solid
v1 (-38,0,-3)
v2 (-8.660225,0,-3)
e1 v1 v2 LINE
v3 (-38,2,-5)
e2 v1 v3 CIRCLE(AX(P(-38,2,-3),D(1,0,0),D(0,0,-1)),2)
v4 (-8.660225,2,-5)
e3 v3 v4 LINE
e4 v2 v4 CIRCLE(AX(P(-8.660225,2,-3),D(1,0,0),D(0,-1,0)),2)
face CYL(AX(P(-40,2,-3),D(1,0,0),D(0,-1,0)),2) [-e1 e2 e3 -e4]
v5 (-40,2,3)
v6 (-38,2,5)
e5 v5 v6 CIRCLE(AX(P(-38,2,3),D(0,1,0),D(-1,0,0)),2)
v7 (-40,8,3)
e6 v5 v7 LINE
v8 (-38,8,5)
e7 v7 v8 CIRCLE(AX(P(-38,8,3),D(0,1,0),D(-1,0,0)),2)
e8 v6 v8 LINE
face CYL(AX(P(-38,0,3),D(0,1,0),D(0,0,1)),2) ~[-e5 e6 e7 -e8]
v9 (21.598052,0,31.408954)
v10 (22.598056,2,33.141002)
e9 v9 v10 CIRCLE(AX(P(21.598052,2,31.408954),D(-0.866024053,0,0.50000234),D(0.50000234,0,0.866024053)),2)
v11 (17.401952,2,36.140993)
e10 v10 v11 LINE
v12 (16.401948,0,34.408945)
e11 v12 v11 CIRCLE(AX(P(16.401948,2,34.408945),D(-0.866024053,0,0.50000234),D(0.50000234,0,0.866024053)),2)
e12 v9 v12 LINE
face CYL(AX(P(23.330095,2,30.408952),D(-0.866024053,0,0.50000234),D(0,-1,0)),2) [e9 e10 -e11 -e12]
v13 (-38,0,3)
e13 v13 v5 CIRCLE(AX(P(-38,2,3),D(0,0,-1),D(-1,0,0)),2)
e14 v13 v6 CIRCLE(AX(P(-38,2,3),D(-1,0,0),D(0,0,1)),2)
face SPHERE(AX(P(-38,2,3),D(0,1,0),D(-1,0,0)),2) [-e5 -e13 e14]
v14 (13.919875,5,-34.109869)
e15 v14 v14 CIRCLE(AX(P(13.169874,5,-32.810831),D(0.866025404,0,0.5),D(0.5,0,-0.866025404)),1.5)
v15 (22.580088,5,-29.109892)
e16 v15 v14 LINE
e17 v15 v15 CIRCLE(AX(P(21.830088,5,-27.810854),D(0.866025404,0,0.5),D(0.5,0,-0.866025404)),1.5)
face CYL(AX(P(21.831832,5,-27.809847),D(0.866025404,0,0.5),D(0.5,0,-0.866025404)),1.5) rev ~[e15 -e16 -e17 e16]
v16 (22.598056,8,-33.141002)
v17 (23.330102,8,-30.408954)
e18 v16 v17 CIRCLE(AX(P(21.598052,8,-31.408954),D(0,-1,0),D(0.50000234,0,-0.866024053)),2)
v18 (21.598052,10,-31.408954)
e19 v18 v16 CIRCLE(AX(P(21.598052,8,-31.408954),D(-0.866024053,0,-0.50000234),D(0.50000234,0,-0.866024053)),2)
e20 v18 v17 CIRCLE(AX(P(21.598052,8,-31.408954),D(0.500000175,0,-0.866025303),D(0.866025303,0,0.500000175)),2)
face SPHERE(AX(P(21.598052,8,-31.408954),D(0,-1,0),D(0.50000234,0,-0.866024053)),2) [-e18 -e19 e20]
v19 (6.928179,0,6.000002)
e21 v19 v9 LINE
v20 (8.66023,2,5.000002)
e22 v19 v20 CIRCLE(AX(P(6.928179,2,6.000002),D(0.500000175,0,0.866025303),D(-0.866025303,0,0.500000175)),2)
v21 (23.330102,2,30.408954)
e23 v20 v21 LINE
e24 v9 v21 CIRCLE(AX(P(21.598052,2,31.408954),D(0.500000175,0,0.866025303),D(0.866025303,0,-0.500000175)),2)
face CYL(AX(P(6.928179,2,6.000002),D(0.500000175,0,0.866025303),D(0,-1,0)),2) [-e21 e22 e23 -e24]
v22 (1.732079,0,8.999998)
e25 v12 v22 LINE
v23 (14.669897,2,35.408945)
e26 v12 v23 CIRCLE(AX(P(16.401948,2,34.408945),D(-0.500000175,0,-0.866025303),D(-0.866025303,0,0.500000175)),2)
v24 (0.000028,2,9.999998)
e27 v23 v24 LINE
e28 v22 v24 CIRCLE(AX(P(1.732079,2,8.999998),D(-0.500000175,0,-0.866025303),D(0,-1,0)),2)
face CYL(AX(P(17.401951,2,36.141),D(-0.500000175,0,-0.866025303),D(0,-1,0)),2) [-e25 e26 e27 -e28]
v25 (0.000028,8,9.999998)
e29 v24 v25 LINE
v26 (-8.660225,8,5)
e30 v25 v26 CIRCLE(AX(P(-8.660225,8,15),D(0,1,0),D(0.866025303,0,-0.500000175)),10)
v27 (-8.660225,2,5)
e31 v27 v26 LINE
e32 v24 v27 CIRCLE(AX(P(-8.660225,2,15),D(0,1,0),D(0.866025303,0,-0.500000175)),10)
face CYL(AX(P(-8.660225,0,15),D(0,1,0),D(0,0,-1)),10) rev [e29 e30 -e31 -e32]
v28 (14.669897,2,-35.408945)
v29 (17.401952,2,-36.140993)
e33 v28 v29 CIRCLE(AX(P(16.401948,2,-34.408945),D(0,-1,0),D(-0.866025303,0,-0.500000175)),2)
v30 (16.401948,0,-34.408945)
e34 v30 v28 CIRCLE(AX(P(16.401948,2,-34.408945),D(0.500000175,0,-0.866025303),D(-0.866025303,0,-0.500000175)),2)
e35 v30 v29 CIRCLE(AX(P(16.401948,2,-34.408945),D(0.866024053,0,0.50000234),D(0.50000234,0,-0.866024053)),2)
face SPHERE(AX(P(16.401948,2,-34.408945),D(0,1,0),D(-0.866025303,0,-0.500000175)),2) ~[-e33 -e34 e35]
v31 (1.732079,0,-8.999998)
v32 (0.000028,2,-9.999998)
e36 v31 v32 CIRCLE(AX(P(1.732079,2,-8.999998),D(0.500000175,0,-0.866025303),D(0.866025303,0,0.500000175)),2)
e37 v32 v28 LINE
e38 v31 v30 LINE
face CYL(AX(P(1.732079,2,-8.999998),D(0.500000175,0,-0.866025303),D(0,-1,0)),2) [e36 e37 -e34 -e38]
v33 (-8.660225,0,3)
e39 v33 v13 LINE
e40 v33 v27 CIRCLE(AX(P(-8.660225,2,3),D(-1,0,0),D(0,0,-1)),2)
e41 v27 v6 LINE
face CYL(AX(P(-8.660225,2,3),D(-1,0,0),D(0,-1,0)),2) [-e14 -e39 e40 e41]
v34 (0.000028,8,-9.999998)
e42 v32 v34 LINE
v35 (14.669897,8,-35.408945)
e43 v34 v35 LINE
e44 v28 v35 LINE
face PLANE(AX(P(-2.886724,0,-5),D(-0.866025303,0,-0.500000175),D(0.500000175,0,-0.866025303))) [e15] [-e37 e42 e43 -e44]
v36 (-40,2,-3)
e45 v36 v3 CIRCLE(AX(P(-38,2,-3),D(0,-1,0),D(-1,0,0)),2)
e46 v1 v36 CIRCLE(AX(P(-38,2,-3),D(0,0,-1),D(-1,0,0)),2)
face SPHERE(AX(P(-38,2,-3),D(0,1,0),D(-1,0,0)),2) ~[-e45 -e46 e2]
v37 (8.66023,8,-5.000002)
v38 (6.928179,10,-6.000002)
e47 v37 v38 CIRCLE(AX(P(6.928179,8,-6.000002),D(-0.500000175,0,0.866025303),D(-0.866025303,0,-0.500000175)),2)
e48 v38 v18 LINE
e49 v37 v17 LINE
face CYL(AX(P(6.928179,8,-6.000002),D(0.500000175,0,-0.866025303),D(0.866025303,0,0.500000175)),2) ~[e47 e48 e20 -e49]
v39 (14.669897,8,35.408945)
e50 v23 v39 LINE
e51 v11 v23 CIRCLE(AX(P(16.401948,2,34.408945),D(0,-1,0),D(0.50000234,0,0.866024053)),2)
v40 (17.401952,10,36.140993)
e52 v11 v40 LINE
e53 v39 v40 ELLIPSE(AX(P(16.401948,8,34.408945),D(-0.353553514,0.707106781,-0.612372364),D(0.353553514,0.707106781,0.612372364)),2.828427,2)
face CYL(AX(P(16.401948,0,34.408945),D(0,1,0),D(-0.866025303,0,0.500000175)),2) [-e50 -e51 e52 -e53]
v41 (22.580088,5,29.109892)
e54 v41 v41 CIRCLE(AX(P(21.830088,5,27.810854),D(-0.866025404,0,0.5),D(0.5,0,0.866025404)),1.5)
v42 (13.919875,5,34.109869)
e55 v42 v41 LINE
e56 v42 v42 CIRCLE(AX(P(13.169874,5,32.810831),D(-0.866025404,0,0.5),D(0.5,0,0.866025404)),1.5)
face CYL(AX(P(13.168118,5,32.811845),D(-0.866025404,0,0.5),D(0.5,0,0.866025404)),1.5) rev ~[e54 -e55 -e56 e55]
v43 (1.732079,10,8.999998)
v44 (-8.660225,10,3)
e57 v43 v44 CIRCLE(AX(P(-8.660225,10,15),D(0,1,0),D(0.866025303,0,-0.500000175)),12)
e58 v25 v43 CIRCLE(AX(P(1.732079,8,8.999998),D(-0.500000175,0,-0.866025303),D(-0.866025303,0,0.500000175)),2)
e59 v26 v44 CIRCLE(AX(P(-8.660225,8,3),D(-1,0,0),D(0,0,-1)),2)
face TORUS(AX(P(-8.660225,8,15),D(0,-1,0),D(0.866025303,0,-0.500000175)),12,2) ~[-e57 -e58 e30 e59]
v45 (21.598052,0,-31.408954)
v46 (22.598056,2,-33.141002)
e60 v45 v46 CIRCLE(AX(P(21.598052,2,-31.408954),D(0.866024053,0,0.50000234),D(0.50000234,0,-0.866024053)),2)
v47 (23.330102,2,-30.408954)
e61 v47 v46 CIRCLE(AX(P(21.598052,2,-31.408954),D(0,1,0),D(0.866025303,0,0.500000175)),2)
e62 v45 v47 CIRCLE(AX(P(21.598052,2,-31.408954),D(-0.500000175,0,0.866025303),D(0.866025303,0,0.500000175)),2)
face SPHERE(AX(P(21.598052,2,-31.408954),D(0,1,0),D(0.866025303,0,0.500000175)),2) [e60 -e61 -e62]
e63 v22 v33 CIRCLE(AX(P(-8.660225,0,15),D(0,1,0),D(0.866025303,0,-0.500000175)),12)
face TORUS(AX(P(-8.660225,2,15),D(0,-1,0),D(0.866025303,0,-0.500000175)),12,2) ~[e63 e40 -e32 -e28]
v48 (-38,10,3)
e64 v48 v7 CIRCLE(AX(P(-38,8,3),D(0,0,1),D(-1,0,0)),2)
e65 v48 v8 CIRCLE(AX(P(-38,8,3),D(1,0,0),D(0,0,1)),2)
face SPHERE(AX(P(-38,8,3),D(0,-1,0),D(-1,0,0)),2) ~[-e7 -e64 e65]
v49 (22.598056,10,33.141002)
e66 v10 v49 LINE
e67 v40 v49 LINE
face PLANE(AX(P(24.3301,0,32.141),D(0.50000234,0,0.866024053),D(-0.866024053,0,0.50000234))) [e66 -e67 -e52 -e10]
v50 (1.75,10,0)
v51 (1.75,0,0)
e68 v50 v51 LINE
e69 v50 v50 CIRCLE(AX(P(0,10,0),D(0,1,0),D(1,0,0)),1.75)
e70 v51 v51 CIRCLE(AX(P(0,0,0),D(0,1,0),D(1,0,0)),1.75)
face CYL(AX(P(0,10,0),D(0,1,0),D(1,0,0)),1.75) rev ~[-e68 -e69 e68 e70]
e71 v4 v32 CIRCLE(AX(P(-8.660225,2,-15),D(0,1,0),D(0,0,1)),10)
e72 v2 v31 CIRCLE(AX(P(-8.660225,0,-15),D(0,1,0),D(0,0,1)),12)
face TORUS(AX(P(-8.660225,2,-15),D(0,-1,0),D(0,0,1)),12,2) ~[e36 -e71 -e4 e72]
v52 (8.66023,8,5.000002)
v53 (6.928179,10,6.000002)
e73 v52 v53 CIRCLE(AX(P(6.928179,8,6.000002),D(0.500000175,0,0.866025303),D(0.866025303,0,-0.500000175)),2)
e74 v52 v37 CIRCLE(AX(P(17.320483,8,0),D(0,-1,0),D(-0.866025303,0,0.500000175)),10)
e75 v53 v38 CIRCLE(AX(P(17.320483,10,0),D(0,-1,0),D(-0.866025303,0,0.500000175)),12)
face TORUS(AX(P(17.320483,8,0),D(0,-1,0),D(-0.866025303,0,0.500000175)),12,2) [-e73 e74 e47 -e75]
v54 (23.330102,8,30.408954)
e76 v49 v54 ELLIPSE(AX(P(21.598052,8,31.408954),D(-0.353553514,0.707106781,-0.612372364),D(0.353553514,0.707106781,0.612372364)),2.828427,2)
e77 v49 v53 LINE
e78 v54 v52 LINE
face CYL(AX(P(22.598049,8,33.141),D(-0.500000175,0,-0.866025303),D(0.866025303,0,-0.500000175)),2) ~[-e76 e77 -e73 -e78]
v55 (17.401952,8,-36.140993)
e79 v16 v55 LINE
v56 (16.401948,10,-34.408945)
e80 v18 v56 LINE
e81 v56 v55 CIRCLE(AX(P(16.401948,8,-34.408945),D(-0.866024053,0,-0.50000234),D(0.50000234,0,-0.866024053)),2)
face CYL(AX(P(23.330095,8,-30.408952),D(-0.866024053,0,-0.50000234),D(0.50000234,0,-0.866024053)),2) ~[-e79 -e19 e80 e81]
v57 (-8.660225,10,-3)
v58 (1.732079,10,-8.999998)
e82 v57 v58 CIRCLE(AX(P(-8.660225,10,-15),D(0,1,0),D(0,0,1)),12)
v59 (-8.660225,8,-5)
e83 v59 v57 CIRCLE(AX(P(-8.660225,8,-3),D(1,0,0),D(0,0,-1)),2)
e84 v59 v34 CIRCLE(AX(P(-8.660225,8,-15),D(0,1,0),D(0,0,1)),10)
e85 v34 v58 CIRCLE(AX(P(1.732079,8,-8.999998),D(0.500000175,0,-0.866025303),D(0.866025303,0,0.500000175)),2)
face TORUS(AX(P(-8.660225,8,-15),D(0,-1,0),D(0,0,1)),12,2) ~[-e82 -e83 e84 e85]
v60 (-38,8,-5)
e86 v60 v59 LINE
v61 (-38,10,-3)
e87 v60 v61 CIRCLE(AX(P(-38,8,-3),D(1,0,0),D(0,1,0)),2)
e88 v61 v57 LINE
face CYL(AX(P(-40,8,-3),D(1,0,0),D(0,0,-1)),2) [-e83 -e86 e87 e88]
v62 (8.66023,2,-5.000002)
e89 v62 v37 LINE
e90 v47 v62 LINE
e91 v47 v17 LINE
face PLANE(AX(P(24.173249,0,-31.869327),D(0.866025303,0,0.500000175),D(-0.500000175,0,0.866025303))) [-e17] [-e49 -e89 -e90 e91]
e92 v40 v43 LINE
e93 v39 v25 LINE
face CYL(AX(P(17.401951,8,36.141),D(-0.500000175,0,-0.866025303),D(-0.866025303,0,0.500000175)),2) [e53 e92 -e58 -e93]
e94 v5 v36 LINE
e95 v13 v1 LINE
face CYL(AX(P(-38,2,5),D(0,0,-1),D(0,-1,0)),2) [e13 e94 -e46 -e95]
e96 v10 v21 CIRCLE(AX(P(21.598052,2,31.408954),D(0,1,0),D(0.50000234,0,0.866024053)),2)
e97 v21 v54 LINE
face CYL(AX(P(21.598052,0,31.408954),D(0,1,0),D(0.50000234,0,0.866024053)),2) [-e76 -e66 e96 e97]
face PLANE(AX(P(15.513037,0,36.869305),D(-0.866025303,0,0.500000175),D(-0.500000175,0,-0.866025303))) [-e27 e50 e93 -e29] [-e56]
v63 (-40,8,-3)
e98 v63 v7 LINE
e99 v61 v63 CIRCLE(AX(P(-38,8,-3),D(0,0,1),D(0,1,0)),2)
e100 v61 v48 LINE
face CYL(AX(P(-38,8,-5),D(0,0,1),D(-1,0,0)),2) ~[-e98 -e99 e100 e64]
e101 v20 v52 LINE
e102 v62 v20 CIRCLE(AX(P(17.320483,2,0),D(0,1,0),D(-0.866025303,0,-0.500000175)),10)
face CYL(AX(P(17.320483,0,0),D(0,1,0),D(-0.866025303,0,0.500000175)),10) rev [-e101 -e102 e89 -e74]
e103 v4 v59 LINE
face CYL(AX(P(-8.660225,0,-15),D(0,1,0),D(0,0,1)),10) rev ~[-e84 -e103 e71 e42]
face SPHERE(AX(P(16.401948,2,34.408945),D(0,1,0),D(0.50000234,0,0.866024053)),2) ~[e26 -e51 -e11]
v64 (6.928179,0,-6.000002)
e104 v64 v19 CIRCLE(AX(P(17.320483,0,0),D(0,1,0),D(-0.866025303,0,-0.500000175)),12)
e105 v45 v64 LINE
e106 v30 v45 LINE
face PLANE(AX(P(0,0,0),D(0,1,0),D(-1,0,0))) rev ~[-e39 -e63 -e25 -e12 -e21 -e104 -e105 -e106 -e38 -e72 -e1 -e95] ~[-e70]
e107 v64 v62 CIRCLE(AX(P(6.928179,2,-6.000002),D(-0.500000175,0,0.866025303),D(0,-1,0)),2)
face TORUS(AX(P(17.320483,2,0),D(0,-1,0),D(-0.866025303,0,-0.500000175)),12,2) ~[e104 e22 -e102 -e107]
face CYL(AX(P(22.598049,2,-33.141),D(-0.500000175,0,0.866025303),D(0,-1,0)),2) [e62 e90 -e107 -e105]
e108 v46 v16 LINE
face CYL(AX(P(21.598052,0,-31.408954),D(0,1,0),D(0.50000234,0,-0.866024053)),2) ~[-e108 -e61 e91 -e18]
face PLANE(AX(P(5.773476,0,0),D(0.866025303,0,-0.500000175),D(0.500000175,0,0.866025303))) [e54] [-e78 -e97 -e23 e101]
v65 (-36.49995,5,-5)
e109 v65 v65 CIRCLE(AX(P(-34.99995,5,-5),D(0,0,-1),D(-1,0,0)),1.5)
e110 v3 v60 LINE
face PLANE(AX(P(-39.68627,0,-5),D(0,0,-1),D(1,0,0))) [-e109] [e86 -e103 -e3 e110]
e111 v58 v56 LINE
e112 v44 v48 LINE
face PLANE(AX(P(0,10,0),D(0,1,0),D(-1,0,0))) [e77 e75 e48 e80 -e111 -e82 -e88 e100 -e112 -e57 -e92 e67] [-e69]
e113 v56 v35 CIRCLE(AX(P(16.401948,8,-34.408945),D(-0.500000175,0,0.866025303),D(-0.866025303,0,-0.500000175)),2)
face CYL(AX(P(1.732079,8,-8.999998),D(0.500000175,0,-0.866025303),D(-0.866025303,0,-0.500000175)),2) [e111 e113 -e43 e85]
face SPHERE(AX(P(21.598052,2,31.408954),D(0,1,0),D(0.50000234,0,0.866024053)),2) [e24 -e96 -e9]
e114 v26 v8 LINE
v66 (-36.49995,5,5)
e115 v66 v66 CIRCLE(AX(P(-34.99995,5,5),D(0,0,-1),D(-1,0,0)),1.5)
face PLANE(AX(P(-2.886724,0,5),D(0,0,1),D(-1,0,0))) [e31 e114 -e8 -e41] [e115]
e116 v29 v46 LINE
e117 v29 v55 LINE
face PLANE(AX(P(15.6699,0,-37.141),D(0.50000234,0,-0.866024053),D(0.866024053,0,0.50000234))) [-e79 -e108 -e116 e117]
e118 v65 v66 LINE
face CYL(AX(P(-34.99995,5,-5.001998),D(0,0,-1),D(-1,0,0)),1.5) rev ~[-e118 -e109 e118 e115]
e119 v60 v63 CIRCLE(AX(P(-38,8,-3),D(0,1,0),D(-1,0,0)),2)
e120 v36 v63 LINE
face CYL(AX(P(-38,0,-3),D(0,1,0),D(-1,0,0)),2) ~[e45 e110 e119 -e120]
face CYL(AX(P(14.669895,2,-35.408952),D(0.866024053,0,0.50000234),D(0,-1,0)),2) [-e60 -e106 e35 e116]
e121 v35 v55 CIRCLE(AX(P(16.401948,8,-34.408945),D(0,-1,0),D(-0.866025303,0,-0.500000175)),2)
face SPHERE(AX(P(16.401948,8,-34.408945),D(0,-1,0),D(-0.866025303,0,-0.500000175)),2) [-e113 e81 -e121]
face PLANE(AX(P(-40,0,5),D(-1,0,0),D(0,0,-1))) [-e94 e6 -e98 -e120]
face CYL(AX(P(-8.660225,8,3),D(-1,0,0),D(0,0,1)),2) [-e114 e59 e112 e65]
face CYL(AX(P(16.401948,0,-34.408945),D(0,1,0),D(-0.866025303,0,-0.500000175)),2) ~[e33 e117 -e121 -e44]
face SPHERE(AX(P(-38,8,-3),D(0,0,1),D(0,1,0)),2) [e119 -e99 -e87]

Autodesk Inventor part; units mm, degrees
ref_plane "YZ Plane" through (0, 0, 0) normal (1, 0, 0) x (0, 1, 0)
ref_plane "XZ Plane" through (0, 0, 0) normal (0, 1, 0) x (-1, 0, 0)
ref_plane "XY Plane" through (0, 0, 0) normal (0, 0, 1) x (1, 0, 0)
sketch "Sketch5" plane through (0, 0, 0) normal (0, 1, 0) x (-1, 0, 0)
  circle A0 centre (0, 0) radius 1.75
  circle A1 centre (0, 0) radius 40
  line L0 (0, 0) -> (40, 0)
  line L1 (40, 0) -> (45, 0)
  line L2 (40, 0) -> (40, -5)
  line L3 (40, 0) -> (45, 0) construction
  line L4 (40, -5) -> (0, -5)
  line L5 (0, -5) -> (0, 5)
  line L6 (0, 5) -> (40, 5)
  line L7 (40, 5) -> (40, -5)
  line L8 (-15.6699, 37.141) -> (4.3301, 2.5)
  line L9 (-4.3301, -2.5) -> (-24.3301, 32.141)
  line L10 (4.3301, 2.5) -> (-4.3301, -2.5)
  line L11 (-20, 34.641) -> (-15.6699, 37.141)
  line L12 (-24.3301, 32.141) -> (-15.6699, 37.141)
  line L13 (-24.3301, -32.141) -> (-4.3301, 2.5)
  line L14 (4.3301, -2.5) -> (-15.6699, -37.141)
  line L15 (-4.3301, 2.5) -> (4.3301, -2.5)
  line L16 (-20, -34.641) -> (-24.3301, -32.141)
  line L17 (-15.6699, -37.141) -> (-24.3301, -32.141)
  dimension "d78" = 80
  dimension "d54" = 3.5
  dimension "d82" = 5
  dimension "d83" = 5
  dimension "d84" = 90
  dimension "d85" = 40
  dimension "d86" = 10
  dimension "d89" = 360
extrude "Extrusion7" add sketch "Sketch5" along normal blind 10 contours L0 L10 A0 | L0 A1 L4 L14 L15 A0 | A0 L15 L0 | A0 L10 L8 L6 A1 L0 | L10 L5 A0 | A0 L5 L6 L8 L10 | L15 L14 L4 L5 A0 | A0 L5 L15 | L15 A0 L5 | L5 A0 L10 | L10 A0 L15 | L2 L4 A1 | A1 L6 L7 | A0 L15 L13 L9 A1 L8 L6 L5 | L5 L4 L14 A1 L13 L9 L10 A0 | L10 L9 L13 L15 A0 | A1 L11 L8 | L14 L17 A1 | A1 L9 L12 | L16 L13 A1
sketch "Sketch7" plane through (5.7735, 0, 0) normal (0.866, 0, 0.5) x (0.5, 0, -0.866)
  line L0 (37.1132, 0) -> (37.1132, 10) projected
  line L1 (37.1132, 10) -> (37.1132, 5)
  line L2 (37.1132, 5) -> (32.1132, 5)
  circle A0 centre (32.1132, 5) radius 1.5
  point P0 (-2.8868, 0)
  dimension "d93" = 5
  dimension "d94" = 5
  dimension "d95" = 3
extrude "Extrusion8" cut sketch "Sketch7" against normal blind 20
sketch "Sketch8" plane through (0, 10, 0) normal (0, 1, 0) x (1, 0, 0)
  circle A0 centre (0, 0) radius 1.75
  dimension "d98" = 3.5
extrude "Extrusion9" cut sketch "Sketch8" against normal blind 10
pattern_circular "Circular Pattern7" count 3 over 360 about axis through (0, 10, 0) along (0, -1, 0) of "Extrusion8"
fillet "Fillet7" radius 10 3 edges at (5.7735, 5, 0) (-2.8868, 5, 5) (-2.8868, 5, -5)
fillet "Fillet8" radius 2 23 edges at (15.6699, 5, 37.141) (24.3301, 5, 32.141) (-40, 5, 5) (-40, 10, 0) (24.3301, 5, -32.141) (20, 10, -34.641) (15.6699, 5, -37.141) (-24.3301, 10, -5) (7.8349, 10, -23.5705) (16.4952, 10, 18.5705) (16.4952, 10, -18.5705) (-24.3301, 10, 5) (7.8349, 10, 23.5705) (-40, 5, -5) (-40, 0, 0) (20, 0, 34.641) (16.4952, 0, -18.5705) (16.4952, 0, 18.5705) (-24.3301, 0, 5) (7.8349, 0, 23.5705) (-24.3301, 0, -5) (7.8349, 0, -23.5705) (20, 0, -34.641)
properties part number "Custom_Delta_End_Effector"
